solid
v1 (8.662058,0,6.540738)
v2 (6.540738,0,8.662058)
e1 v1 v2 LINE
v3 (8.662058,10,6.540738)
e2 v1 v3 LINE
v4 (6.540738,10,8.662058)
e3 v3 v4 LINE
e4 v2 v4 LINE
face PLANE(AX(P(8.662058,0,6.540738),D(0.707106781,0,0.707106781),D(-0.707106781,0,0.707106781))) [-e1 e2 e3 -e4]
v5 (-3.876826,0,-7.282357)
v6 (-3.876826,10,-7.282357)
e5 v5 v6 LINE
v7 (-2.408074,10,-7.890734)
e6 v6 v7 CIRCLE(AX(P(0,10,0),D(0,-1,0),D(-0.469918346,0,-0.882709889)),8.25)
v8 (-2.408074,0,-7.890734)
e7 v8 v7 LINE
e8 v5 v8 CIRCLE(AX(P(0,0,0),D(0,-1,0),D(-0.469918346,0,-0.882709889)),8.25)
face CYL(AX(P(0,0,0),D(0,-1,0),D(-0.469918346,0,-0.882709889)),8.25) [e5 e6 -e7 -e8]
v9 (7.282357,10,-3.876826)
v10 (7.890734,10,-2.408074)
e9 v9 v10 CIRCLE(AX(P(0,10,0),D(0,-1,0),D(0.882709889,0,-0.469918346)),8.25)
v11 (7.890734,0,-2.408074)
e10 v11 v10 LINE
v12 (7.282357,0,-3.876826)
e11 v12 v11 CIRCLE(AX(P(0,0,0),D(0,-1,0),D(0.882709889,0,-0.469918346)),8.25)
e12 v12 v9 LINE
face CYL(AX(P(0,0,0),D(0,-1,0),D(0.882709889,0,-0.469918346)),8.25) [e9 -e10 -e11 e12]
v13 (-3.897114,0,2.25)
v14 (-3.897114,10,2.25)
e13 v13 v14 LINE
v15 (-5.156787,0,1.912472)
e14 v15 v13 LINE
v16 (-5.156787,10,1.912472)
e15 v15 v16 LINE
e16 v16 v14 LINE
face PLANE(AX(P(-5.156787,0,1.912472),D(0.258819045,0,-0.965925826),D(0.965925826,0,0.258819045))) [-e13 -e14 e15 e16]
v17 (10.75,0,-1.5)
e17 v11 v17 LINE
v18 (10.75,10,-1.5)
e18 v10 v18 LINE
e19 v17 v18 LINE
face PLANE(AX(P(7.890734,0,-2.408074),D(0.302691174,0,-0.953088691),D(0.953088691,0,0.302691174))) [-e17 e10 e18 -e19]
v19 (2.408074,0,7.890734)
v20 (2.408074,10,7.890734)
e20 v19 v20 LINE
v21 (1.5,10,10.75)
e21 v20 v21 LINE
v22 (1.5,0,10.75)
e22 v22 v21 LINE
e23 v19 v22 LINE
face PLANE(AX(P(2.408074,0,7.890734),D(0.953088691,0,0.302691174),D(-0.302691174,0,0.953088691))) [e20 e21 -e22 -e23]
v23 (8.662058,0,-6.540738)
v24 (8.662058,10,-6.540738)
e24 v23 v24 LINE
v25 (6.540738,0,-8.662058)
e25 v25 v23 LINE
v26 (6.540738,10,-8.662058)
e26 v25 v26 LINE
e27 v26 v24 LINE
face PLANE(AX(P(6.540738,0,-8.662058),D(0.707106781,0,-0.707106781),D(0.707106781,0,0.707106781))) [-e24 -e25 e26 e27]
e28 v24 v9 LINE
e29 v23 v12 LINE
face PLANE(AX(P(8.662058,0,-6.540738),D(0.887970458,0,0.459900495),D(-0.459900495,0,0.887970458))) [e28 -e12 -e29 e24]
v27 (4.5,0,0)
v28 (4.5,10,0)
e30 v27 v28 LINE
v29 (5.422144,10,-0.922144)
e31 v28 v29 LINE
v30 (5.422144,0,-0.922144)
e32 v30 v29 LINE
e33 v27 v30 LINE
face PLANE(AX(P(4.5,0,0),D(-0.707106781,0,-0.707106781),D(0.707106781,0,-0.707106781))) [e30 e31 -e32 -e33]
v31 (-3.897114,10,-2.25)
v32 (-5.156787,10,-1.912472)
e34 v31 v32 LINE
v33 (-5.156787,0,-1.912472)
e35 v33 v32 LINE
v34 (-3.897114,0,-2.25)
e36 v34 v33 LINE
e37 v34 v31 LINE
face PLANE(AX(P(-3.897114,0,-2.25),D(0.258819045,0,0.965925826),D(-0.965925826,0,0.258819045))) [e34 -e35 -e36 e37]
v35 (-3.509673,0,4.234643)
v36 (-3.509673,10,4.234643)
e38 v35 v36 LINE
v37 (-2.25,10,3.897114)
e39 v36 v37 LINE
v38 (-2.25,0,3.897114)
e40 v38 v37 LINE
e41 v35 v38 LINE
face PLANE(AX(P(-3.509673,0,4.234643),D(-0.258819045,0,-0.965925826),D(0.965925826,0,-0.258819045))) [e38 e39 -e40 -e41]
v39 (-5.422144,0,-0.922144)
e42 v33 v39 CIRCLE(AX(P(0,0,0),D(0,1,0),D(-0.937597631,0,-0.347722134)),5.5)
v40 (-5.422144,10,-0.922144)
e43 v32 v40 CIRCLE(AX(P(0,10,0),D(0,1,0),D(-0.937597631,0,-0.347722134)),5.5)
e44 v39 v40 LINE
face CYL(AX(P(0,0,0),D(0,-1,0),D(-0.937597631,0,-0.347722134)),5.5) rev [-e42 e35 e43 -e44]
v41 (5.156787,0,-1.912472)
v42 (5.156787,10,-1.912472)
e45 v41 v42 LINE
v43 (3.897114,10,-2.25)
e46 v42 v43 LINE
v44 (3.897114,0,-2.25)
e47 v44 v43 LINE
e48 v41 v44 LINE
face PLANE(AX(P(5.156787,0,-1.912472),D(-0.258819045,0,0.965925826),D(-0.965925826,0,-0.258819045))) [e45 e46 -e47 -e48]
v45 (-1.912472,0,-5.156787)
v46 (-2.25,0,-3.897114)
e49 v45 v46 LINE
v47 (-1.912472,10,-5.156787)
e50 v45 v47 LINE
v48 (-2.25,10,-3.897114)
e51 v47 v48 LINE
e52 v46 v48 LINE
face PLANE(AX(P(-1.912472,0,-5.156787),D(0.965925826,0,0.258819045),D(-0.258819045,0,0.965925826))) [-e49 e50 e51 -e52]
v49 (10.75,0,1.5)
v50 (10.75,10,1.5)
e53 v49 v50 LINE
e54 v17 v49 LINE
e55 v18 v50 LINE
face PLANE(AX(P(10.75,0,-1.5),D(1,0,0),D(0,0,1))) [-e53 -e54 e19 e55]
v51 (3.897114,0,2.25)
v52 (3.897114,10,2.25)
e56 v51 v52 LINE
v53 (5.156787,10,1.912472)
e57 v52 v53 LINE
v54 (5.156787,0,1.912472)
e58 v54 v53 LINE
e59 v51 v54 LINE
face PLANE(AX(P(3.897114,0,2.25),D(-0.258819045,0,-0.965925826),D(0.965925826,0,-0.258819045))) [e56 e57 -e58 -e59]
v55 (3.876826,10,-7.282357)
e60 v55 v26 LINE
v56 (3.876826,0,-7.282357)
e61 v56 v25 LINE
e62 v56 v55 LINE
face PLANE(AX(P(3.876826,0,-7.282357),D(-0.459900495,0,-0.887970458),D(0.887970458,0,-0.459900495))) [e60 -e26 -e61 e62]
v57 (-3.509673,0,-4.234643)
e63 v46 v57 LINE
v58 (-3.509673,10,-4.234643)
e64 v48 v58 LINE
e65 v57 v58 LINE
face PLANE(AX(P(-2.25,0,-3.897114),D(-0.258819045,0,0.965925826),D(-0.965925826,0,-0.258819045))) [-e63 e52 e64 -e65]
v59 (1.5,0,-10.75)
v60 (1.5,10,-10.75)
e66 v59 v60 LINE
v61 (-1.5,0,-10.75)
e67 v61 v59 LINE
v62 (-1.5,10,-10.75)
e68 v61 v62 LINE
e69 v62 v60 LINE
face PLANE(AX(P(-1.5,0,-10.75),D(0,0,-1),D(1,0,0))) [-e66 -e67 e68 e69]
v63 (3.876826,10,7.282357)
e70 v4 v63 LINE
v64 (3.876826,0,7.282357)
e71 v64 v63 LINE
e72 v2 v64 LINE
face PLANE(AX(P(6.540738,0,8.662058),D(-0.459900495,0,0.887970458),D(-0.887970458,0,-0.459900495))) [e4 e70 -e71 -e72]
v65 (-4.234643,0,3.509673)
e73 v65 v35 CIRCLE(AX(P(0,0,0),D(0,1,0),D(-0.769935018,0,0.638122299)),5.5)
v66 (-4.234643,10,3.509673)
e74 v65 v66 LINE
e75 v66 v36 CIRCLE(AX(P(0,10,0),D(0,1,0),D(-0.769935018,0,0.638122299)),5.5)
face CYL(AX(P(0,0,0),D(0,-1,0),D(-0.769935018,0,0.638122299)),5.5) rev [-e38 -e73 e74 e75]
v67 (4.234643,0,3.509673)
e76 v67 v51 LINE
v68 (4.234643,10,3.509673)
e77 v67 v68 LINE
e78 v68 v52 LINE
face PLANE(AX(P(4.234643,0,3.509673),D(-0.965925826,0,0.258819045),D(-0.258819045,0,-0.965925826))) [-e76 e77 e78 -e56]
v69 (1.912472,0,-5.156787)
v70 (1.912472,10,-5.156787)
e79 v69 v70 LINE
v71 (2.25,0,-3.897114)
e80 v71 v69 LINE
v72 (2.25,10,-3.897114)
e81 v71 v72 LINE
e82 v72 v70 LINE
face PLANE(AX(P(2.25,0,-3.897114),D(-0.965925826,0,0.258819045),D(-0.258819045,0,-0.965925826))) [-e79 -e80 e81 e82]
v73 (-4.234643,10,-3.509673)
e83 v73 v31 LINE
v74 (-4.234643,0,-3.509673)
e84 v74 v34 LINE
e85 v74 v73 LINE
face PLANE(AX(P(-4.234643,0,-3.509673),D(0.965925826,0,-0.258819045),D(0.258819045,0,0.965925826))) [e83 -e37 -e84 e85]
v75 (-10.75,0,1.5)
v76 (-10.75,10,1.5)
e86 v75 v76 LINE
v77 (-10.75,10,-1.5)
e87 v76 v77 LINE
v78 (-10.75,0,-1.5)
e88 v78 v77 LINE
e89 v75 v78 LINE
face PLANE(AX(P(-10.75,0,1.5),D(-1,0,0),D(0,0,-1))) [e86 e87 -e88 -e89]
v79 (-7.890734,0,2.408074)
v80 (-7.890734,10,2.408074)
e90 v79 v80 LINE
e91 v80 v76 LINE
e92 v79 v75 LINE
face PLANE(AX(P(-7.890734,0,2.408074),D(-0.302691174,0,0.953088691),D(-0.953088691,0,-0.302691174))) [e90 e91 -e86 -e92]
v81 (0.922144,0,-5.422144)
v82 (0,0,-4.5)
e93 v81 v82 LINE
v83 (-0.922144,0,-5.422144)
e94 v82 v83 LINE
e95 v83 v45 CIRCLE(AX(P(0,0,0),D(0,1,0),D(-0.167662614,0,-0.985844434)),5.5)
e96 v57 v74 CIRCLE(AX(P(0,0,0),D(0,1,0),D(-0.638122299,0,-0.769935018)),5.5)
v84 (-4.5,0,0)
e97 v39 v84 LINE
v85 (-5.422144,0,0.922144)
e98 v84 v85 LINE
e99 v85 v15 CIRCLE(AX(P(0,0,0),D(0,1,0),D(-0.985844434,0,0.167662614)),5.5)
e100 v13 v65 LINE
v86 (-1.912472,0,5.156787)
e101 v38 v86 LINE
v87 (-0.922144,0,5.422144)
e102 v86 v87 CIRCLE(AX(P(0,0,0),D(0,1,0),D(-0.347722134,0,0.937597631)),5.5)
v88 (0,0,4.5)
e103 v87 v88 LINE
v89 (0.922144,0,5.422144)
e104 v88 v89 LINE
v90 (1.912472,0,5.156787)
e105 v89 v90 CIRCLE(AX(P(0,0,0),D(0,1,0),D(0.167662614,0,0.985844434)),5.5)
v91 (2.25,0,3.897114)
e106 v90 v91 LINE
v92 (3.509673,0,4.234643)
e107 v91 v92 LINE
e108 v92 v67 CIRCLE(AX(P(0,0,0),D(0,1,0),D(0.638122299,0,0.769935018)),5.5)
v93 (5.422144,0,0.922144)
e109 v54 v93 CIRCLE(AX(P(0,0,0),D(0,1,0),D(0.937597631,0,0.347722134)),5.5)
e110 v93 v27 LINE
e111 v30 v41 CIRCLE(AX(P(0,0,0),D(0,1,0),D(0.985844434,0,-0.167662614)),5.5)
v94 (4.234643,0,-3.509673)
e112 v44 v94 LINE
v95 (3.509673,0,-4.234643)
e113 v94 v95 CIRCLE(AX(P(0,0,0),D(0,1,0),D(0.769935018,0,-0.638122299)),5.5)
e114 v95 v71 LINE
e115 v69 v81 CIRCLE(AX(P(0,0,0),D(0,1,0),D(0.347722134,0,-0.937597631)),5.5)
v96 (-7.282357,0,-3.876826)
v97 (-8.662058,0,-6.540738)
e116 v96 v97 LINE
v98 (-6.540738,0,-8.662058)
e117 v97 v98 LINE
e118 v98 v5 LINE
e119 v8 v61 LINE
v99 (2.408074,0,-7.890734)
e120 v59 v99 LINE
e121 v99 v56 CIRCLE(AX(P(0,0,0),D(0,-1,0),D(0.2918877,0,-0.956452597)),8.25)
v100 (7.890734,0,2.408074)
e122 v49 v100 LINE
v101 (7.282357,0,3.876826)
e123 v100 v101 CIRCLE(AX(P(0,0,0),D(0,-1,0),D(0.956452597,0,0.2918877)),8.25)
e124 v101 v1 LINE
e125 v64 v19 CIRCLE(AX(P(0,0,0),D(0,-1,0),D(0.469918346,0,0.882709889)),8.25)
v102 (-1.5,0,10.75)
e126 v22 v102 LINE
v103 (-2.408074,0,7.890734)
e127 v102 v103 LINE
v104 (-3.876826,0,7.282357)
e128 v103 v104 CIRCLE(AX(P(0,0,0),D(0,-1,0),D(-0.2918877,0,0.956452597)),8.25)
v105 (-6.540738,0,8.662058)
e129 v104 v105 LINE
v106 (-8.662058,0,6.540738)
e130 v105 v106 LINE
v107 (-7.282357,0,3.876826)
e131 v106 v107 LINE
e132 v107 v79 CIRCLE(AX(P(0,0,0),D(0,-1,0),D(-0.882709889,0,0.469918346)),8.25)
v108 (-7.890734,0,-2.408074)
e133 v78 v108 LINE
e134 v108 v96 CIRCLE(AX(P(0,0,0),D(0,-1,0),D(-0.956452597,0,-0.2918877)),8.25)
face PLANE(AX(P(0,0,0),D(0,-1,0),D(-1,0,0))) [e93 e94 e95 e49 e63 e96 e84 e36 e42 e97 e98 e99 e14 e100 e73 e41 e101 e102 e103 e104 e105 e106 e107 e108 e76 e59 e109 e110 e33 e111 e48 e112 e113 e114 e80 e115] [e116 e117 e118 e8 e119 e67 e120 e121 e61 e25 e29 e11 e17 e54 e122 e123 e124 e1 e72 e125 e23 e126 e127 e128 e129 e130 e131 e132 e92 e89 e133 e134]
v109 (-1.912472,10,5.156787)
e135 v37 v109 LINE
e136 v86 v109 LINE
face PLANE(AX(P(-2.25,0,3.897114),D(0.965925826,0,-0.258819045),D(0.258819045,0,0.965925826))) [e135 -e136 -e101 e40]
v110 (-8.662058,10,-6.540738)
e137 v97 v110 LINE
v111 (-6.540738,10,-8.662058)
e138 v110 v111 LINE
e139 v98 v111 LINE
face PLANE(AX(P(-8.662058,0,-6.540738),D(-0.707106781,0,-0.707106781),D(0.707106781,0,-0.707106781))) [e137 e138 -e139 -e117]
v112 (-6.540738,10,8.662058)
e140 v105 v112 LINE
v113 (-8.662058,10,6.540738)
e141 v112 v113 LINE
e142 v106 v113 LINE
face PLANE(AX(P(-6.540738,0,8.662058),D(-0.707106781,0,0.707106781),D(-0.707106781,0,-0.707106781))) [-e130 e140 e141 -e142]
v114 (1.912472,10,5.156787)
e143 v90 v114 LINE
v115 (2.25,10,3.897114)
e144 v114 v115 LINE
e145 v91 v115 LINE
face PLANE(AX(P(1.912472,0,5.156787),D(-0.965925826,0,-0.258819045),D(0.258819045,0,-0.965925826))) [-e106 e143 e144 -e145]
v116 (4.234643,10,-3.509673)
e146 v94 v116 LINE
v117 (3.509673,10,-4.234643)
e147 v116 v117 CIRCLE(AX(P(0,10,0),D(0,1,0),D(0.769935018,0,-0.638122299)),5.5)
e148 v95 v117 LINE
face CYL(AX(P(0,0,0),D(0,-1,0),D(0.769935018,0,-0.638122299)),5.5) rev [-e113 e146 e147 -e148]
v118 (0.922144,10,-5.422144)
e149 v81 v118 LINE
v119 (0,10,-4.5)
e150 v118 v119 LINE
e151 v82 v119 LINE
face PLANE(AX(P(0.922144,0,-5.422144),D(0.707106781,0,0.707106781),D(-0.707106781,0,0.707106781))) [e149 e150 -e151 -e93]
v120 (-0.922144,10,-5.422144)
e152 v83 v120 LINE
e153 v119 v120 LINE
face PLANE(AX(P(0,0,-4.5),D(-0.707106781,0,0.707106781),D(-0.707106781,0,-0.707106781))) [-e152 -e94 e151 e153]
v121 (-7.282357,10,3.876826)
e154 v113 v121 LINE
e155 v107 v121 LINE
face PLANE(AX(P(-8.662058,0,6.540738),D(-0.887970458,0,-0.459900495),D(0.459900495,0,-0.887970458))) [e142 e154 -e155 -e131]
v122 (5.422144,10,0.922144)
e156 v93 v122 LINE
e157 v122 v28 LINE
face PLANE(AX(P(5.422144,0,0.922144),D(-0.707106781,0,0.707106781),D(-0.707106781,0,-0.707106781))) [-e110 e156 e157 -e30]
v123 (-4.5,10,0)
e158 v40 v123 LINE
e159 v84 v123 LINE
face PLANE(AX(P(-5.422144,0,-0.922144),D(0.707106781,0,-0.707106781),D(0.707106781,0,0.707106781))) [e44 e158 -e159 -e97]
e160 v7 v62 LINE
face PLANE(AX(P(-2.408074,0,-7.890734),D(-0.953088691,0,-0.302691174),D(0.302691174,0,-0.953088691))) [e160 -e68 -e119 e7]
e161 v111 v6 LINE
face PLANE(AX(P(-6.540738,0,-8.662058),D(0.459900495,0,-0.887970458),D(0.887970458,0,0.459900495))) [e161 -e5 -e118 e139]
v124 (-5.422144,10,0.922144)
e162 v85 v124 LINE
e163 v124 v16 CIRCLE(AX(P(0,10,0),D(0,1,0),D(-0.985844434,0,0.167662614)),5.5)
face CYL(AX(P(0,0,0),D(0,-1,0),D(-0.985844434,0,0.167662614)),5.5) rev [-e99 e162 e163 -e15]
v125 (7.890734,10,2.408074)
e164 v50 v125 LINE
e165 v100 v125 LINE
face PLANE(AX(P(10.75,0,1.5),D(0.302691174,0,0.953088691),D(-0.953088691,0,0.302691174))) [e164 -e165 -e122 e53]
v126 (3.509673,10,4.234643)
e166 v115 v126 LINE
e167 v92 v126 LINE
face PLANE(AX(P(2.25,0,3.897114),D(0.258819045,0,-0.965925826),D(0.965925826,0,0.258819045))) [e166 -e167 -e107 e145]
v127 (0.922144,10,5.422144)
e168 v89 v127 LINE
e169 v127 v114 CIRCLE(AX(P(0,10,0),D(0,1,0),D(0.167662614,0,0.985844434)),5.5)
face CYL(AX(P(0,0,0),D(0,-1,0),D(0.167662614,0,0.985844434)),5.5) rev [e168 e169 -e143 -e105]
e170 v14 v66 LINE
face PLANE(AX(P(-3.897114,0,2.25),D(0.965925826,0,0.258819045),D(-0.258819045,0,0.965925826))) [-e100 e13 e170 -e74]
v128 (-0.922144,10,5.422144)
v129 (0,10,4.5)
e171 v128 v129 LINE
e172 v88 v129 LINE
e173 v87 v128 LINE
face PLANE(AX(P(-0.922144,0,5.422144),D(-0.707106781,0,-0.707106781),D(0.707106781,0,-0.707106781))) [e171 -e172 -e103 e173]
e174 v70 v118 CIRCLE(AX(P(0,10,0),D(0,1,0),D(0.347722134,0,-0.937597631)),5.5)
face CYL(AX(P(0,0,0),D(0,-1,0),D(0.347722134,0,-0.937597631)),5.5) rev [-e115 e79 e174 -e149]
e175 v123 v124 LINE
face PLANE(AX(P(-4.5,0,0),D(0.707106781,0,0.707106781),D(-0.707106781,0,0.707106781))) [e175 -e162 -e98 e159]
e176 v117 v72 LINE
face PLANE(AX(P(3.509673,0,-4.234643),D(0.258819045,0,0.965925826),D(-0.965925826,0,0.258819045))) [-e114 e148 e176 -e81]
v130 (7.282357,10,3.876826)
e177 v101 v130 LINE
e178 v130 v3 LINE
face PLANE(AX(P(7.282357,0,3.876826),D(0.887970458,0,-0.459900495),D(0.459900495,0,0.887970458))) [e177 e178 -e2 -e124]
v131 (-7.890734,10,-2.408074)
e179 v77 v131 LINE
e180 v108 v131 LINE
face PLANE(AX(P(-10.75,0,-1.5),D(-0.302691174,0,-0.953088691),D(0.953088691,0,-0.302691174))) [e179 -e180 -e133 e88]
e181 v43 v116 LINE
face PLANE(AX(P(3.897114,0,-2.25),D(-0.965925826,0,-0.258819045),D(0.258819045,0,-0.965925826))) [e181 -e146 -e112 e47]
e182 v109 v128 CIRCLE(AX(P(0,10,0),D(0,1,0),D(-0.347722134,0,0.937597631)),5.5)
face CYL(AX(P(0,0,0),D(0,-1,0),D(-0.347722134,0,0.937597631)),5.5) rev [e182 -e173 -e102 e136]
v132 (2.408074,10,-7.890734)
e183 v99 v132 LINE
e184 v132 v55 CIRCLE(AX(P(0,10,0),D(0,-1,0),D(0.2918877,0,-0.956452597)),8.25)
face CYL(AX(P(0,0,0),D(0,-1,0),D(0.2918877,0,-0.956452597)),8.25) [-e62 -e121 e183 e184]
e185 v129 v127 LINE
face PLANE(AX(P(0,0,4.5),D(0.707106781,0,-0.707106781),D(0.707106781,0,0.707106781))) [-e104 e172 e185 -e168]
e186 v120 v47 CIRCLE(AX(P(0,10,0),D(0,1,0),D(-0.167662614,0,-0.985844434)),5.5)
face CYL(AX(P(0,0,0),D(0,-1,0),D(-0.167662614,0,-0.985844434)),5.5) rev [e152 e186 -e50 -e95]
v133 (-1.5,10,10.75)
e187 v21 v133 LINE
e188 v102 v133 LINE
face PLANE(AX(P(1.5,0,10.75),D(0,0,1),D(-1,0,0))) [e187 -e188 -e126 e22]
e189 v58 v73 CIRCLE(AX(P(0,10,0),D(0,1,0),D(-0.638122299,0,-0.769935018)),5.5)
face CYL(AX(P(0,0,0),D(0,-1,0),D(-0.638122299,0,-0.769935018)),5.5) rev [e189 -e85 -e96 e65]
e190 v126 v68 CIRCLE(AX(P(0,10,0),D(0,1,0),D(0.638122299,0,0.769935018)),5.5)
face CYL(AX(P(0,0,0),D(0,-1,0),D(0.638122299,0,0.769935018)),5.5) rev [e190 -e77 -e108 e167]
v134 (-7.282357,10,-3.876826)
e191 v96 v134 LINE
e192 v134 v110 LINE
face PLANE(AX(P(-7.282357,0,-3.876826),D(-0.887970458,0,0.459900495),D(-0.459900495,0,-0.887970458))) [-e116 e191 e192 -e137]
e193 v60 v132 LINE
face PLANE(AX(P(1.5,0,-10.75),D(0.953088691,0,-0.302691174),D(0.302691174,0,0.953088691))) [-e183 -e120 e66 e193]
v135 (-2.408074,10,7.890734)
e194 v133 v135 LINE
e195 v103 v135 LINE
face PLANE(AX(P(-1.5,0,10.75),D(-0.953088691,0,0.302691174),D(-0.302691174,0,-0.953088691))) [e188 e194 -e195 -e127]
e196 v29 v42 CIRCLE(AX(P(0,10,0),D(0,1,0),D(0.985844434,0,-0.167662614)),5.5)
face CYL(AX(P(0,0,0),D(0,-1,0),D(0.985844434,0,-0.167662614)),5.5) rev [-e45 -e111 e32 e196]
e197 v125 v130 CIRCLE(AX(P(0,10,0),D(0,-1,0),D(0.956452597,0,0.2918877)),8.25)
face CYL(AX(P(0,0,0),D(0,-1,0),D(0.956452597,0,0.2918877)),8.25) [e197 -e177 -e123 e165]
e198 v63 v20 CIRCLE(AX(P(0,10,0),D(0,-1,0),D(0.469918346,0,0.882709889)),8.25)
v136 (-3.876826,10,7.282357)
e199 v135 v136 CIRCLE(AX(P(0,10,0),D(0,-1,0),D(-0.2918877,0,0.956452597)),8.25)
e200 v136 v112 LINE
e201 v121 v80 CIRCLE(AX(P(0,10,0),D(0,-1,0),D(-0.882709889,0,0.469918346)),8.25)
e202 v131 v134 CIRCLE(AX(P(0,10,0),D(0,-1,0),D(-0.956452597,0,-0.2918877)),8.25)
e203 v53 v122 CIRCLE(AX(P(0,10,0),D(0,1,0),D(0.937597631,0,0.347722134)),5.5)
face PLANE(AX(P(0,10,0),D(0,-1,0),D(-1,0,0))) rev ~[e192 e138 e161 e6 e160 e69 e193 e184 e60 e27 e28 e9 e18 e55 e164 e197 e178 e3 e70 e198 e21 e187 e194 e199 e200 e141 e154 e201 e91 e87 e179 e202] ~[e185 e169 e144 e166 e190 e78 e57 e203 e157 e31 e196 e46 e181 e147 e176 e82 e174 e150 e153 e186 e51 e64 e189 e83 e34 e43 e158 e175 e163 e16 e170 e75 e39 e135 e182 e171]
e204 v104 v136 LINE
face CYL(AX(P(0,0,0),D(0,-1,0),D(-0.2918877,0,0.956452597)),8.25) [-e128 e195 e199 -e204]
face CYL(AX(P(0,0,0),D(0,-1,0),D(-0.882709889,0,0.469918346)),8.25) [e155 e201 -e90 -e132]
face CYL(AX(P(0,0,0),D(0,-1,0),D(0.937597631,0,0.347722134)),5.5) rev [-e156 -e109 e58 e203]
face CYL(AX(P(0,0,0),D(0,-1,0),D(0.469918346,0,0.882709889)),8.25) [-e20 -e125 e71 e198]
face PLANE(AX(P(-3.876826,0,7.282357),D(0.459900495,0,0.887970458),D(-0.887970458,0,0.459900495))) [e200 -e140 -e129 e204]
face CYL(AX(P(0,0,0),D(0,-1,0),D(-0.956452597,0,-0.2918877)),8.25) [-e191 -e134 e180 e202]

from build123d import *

# Parameters (mm, degrees)
BOSS_EXTRUDE1_DEPTH = 10


with BuildPart() as part:
    # Sketch1 → Boss-Extrude1 (new body)
    with BuildSketch(Plane(origin=(0, 0, 0), x_dir=(1, 0, 0), z_dir=(0, 1, 0))):
        with BuildLine():
            Line((-1.5, 10.75), (1.5, 10.75))
            Line((1.5, 10.75), (2.408073523, 7.890733927))
            ThreePointArc((2.408073523, 7.890733927), (3.157138317, 7.622006143), (3.87682635, 7.282356586))
            Line((3.87682635, 7.282356586), (6.540737726, 8.66205807))
            Line((6.540737726, 8.66205807), (8.66205807, 6.540737726))
            Line((8.66205807, 6.540737726), (7.282356586, 3.87682635))
            ThreePointArc((7.282356586, 3.87682635), (7.622006143, 3.157138317), (7.890733927, 2.408073523))
            Line((7.890733927, 2.408073523), (10.75, 1.5))
            Line((10.75, 1.5), (10.75, -1.5))
            Line((10.75, -1.5), (7.890733927, -2.408073523))
            ThreePointArc((7.890733927, -2.408073523), (7.622006143, -3.157138317), (7.282356586, -3.87682635))
            Line((7.282356586, -3.87682635), (8.66205807, -6.540737726))
            Line((8.66205807, -6.540737726), (6.540737726, -8.66205807))
            Line((6.540737726, -8.66205807), (3.87682635, -7.282356586))
            ThreePointArc((3.87682635, -7.282356586), (3.157138317, -7.622006143), (2.408073523, -7.890733927))
            Line((2.408073523, -7.890733927), (1.5, -10.75))
            Line((1.5, -10.75), (-1.5, -10.75))
            Line((-1.5, -10.75), (-2.408073523, -7.890733927))
            ThreePointArc((-2.408073523, -7.890733927), (-3.157138317, -7.622006143), (-3.87682635, -7.282356586))
            Line((-3.87682635, -7.282356586), (-6.540737726, -8.66205807))
            Line((-6.540737726, -8.66205807), (-8.66205807, -6.540737726))
            Line((-8.66205807, -6.540737726), (-7.282356586, -3.87682635))
            ThreePointArc((-7.282356586, -3.87682635), (-7.622006143, -3.157138317), (-7.890733927, -2.408073523))
            Line((-7.890733927, -2.408073523), (-10.75, -1.5))
            Line((-10.75, -1.5), (-10.75, 1.5))
            Line((-10.75, 1.5), (-7.890733927, 2.408073523))
            ThreePointArc((-7.890733927, 2.408073523), (-7.622006143, 3.157138317), (-7.282356586, 3.87682635))
            Line((-7.282356586, 3.87682635), (-8.66205807, 6.540737726))
            Line((-8.66205807, 6.540737726), (-6.540737726, 8.66205807))
            Line((-6.540737726, 8.66205807), (-3.87682635, 7.282356586))
            ThreePointArc((-3.87682635, 7.282356586), (-3.157138317, 7.622006143), (-2.408073523, 7.890733927))
            Line((-2.408073523, 7.890733927), (-1.5, 10.75))
        make_face()
        with BuildLine():
            Line((0, 4.5), (-0.922144385, 5.422144385))
            ThreePointArc((-0.922144385, 5.422144385), (-1.423504748, 5.312592045), (-1.912471729, 5.156786973))
            Line((-1.912471729, 5.156786973), (-2.25, 3.897114317))
            Line((-2.25, 3.897114317), (-3.509672656, 4.234642588))
            ThreePointArc((-3.509672656, 4.234642588), (-3.889087297, 3.889087297), (-4.234642588, 3.509672656))
            Line((-4.234642588, 3.509672656), (-3.897114317, 2.25))
            Line((-3.897114317, 2.25), (-5.156786973, 1.912471729))
            ThreePointArc((-5.156786973, 1.912471729), (-5.312592045, 1.423504748), (-5.422144385, 0.922144385))
            Line((-5.422144385, 0.922144385), (-4.5, 0))
            Line((-4.5, 0), (-5.422144385, -0.922144385))
            ThreePointArc((-5.422144385, -0.922144385), (-5.312592045, -1.423504748), (-5.156786973, -1.912471729))
            Line((-5.156786973, -1.912471729), (-3.897114317, -2.25))
            Line((-3.897114317, -2.25), (-4.234642588, -3.509672656))
            ThreePointArc((-4.234642588, -3.509672656), (-3.889087297, -3.889087297), (-3.509672656, -4.234642588))
            Line((-3.509672656, -4.234642588), (-2.25, -3.897114317))
            Line((-2.25, -3.897114317), (-1.912471729, -5.156786973))
            ThreePointArc((-1.912471729, -5.156786973), (-1.423504748, -5.312592045), (-0.922144385, -5.422144385))
            Line((-0.922144385, -5.422144385), (0, -4.5))
            Line((0, -4.5), (0.922144385, -5.422144385))
            ThreePointArc((0.922144385, -5.422144385), (1.423504748, -5.312592045), (1.912471729, -5.156786973))
            Line((1.912471729, -5.156786973), (2.25, -3.897114317))
            Line((2.25, -3.897114317), (3.509672656, -4.234642588))
            ThreePointArc((3.509672656, -4.234642588), (3.889087297, -3.889087297), (4.234642588, -3.509672656))
            Line((4.234642588, -3.509672656), (3.897114317, -2.25))
            Line((3.897114317, -2.25), (5.156786973, -1.912471729))
            ThreePointArc((5.156786973, -1.912471729), (5.312592045, -1.423504748), (5.422144385, -0.922144385))
            Line((5.422144385, -0.922144385), (4.5, 0))
            Line((4.5, 0), (5.422144385, 0.922144385))
            ThreePointArc((5.422144385, 0.922144385), (5.312592045, 1.423504748), (5.156786973, 1.912471729))
            Line((5.156786973, 1.912471729), (3.897114317, 2.25))
            Line((3.897114317, 2.25), (4.234642588, 3.509672656))
            ThreePointArc((4.234642588, 3.509672656), (3.889087297, 3.889087297), (3.509672656, 4.234642588))
            Line((3.509672656, 4.234642588), (2.25, 3.897114317))
            Line((2.25, 3.897114317), (1.912471729, 5.156786973))
            ThreePointArc((1.912471729, 5.156786973), (1.423504748, 5.312592045), (0.922144385, 5.422144385))
            Line((0.922144385, 5.422144385), (0, 4.5))
        make_face(mode=Mode.SUBTRACT)
    extrude(amount=BOSS_EXTRUDE1_DEPTH)


solid = part.part
